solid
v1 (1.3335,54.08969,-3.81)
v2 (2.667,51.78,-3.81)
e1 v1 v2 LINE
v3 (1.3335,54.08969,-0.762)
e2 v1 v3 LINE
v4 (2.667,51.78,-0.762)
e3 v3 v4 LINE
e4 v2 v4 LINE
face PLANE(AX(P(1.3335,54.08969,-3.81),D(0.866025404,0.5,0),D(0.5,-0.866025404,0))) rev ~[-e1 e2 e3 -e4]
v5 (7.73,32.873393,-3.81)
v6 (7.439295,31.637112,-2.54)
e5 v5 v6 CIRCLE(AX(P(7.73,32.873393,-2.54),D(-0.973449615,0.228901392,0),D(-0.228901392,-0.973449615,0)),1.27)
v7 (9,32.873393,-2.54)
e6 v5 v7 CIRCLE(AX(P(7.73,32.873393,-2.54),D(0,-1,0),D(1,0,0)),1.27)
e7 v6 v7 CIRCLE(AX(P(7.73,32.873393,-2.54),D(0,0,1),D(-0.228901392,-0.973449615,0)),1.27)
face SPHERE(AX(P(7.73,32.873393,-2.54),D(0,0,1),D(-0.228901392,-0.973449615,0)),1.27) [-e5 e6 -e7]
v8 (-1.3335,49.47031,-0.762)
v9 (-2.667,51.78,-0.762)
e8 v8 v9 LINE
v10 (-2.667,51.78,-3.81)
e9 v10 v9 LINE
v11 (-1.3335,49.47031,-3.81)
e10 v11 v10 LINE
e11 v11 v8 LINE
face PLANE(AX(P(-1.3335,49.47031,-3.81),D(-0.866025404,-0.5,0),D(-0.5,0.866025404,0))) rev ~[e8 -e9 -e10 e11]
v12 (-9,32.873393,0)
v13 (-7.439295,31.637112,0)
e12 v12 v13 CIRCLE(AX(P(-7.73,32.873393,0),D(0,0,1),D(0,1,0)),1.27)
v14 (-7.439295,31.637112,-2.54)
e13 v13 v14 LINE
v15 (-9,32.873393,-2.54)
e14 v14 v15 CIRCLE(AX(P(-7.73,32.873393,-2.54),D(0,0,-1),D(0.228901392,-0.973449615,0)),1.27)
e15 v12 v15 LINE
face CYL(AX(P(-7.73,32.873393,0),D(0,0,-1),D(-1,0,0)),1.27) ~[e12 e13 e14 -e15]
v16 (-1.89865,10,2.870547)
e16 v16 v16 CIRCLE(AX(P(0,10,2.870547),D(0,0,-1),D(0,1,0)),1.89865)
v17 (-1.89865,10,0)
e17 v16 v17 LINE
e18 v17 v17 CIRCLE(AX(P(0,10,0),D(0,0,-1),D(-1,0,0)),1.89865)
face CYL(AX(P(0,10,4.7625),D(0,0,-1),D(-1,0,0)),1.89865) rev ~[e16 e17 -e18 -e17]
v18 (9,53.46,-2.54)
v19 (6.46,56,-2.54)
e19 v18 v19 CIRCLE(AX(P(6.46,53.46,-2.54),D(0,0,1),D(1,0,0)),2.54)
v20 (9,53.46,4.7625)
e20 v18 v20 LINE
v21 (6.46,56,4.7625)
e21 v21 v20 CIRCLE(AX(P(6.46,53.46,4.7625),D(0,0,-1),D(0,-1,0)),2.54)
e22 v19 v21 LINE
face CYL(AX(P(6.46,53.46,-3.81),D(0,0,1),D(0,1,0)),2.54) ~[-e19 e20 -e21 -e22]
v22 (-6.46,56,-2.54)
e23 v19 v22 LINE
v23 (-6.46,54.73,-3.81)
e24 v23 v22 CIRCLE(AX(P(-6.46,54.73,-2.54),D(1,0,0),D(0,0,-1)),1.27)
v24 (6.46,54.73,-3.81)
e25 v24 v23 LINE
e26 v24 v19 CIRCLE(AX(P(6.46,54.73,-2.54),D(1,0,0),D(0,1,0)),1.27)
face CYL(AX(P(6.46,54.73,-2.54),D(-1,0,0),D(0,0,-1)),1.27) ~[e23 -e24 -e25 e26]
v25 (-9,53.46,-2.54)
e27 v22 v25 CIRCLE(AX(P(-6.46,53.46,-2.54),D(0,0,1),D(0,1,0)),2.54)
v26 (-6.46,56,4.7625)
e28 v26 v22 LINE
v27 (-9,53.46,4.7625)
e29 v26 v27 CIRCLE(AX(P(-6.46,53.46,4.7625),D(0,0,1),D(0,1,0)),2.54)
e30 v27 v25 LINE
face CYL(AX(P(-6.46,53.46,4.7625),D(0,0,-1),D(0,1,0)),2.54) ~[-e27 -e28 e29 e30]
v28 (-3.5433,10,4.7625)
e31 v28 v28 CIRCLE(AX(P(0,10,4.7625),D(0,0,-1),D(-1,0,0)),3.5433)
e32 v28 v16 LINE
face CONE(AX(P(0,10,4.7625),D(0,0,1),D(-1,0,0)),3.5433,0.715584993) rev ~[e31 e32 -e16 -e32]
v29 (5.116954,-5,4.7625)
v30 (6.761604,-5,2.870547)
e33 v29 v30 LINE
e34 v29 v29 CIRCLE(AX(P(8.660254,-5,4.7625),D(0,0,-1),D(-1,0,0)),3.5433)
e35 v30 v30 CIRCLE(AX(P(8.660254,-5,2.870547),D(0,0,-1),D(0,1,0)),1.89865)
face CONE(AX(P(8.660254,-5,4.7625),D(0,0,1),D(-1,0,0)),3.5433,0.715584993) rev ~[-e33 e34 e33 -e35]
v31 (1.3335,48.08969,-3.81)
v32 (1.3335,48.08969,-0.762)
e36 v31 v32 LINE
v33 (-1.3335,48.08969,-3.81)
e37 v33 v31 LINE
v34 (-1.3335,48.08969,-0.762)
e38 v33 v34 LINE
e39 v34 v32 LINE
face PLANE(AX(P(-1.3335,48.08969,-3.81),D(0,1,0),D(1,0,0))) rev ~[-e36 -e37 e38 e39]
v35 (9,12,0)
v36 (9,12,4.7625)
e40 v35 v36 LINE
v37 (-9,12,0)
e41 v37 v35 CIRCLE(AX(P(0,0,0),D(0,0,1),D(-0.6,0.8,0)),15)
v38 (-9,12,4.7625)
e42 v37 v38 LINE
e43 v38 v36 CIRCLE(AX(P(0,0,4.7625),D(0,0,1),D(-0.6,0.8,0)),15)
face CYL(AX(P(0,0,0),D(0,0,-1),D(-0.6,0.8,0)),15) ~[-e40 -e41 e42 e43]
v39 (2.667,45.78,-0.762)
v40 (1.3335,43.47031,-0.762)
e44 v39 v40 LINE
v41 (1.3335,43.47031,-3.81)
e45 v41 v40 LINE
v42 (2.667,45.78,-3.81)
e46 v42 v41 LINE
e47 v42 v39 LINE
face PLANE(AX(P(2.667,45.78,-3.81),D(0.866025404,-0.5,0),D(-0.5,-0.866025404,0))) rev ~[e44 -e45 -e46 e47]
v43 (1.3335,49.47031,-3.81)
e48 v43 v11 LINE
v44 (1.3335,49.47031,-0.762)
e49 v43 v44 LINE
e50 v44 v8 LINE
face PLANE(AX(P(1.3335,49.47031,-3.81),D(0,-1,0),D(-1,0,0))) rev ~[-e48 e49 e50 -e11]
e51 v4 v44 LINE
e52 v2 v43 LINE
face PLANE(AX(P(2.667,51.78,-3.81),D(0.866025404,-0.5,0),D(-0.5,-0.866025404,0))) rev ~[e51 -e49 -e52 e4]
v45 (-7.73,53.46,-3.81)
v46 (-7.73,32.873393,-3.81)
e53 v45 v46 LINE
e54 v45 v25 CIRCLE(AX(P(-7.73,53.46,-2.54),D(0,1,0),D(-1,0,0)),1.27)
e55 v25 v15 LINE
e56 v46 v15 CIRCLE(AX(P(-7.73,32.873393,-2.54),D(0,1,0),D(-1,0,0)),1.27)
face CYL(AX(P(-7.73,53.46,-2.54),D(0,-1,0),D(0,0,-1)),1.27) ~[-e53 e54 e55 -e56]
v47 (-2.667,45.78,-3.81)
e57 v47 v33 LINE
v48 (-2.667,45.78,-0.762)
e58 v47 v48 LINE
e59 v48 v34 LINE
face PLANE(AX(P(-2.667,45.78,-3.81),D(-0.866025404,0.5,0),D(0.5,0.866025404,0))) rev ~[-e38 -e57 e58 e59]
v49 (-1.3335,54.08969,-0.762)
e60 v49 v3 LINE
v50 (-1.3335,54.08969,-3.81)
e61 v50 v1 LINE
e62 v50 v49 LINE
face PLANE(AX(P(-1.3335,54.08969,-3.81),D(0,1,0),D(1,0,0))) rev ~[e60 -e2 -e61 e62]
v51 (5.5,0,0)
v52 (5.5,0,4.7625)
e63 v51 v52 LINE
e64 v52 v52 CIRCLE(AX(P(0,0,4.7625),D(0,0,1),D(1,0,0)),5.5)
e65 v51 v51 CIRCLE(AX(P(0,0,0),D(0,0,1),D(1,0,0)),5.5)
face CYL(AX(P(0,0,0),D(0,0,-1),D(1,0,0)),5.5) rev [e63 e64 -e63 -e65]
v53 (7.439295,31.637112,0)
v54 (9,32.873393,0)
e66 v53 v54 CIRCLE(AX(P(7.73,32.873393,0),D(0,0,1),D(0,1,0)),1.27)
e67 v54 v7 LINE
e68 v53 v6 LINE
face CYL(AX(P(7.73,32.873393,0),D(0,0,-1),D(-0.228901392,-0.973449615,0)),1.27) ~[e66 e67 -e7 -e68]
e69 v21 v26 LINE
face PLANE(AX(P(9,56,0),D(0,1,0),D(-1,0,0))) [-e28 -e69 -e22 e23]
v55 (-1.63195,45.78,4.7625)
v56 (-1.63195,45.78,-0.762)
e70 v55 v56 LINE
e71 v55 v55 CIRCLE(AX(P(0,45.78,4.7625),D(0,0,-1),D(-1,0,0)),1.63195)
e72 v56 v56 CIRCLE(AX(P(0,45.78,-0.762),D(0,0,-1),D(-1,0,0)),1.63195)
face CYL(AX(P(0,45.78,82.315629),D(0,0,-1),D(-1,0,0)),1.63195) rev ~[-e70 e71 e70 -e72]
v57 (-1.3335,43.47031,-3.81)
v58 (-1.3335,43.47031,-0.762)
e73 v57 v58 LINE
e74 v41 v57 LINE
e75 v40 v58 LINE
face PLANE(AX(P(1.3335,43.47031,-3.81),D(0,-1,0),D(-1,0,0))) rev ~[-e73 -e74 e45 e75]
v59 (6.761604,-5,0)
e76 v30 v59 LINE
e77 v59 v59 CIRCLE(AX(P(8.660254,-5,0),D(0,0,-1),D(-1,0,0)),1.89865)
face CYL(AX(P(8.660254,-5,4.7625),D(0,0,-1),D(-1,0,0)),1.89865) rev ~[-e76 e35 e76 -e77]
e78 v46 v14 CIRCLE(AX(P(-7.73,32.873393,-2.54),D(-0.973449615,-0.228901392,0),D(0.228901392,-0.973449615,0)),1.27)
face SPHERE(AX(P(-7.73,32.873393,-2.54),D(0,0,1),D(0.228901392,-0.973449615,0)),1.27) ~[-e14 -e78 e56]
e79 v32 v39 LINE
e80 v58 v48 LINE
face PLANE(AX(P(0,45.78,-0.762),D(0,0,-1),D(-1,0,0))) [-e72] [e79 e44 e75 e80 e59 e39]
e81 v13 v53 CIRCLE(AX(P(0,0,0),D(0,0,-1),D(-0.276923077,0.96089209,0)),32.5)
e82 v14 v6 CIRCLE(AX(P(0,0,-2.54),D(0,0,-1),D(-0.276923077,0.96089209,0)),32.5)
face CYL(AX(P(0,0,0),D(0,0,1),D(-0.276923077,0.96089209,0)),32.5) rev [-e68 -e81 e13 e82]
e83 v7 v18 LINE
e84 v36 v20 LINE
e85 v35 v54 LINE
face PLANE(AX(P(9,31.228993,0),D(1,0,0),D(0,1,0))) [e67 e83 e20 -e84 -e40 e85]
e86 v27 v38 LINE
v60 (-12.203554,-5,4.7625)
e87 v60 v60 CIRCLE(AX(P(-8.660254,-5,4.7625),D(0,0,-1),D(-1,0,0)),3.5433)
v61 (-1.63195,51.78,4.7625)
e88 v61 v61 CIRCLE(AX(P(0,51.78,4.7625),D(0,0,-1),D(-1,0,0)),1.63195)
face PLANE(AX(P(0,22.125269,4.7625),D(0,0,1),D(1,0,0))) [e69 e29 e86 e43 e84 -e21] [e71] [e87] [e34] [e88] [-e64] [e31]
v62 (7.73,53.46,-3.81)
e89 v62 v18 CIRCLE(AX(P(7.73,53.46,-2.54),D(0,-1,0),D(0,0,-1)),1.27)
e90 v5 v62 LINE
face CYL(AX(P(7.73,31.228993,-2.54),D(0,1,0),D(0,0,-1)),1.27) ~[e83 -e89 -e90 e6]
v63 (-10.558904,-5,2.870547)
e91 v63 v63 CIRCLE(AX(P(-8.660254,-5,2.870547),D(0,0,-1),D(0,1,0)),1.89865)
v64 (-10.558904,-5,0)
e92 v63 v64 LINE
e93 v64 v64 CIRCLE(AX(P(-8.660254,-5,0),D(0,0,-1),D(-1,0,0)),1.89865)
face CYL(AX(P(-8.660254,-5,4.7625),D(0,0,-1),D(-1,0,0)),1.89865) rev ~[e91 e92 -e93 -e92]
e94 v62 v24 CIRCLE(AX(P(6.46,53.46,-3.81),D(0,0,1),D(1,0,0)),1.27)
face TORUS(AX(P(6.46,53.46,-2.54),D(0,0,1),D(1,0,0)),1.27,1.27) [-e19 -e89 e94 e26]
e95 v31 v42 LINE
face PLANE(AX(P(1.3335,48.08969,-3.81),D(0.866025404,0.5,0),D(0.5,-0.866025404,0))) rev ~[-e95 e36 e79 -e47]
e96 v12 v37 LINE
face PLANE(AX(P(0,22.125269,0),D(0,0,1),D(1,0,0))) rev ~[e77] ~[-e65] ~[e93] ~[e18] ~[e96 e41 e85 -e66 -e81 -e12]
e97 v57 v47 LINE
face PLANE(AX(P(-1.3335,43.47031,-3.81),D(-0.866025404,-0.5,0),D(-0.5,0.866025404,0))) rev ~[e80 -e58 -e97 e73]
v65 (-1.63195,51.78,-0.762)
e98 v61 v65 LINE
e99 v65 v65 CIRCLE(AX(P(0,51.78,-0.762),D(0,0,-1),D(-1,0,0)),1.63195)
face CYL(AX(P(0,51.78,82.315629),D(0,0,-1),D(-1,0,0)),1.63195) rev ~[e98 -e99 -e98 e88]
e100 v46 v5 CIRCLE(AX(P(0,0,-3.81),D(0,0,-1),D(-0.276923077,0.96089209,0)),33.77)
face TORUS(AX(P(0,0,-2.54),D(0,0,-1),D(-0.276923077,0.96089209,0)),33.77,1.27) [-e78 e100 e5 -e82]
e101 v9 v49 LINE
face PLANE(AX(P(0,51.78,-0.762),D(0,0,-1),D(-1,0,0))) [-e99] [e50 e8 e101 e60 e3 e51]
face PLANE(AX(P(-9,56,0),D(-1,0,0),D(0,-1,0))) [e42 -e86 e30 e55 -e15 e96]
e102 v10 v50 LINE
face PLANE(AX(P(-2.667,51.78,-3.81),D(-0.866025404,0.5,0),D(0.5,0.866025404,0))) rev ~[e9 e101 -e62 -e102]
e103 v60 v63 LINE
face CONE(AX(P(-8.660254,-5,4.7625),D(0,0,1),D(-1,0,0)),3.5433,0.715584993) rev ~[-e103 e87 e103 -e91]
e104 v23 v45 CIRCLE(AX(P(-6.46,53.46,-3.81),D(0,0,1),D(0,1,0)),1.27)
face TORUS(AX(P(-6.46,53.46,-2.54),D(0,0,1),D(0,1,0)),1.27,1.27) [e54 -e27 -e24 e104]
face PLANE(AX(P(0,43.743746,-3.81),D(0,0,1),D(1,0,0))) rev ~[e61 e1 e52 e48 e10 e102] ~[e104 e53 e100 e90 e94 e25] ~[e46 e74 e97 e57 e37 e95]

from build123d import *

# Parameters (mm, degrees)
SKETCH1_R                                      = 5.5
BODY_DEPTH                                     = 4.7625
HEX_NUTYFOOT_DEPTH                             = 3.81
F_4_CLEARANCE_HOLE1_D                          = 3.2639
SKETCH7_R                                      = 1.63195
HEX_NUT_RECESS_DEPTH                           = 3.048
CSK_FOR_6_FLAT_HEAD_MACHINE_SCREW1_D           = 3.7973
CSK_FOR_6_FLAT_HEAD_MACHINE_SCREW1_CSINK_D     = 7.0866
CSK_FOR_6_FLAT_HEAD_MACHINE_SCREW1_CSINK_ANGLE = 82
FILLET1_R                                      = 2.54
FILLET2_R                                      = 1.27


with BuildPart() as part:
    # Sketch1 → Body (new body)
    with BuildSketch(Plane.XY):
        with BuildLine():
            ThreePointArc((-9, 12), (0, -15), (9, 12))
            Line((9, 12), (9, 56))
            Line((9, 56), (-9, 56))
            Line((-9, 56), (-9, 12))
        make_face()
        Circle(SKETCH1_R, mode=Mode.SUBTRACT)
    extrude(amount=BODY_DEPTH)

    # Sketch1<3> → Hex NutyFoot (add)
    with BuildSketch(Plane.XY):
        with BuildLine():
            ThreePointArc((-9, 31.228992939), (0, 32.5), (9, 31.228992939))
            Line((9, 31.228992939), (9, 56))
            Line((9, 56), (-9, 56))
            Line((-9, 56), (-9, 31.228992939))
        make_face()
    extrude(amount=-HEX_NUTYFOOT_DEPTH)

    # #4 Clearance Hole1 (through all)
    with Locations(Plane(origin=(0, 45.78, 4.7625), x_dir=(1, 0, 0), z_dir=(0, 0, 1))):
        with Locations((0, 0), (0, 6)):
            Hole(F_4_CLEARANCE_HOLE1_D / 2)

    # Sketch7 → Hex Nut Recess (cut)
    # profile 1 of 2: a face of its own
    with BuildSketch(Plane(origin=(0, 0, -3.81), x_dir=(-1, 0, 0), z_dir=(0, 0, -1))):
        Polygon((2.667, 45.78), (1.3335, 48.089689752), (-1.3335, 48.089689752), (-2.667, 45.78), (-1.3335, 43.470310248), (1.3335, 43.470310248), align=None)
        with Locations((0, 45.78)):
            Circle(SKETCH7_R, mode=Mode.SUBTRACT)
    # profile 2 of 2: a face of its own
    with BuildSketch(Plane(origin=(0, 0, -3.81), x_dir=(-1, 0, 0), z_dir=(0, 0, -1))):
        Polygon((2.667, 51.78), (1.3335, 54.089689752), (-1.3335, 54.089689752), (-2.667, 51.78), (-1.3335, 49.470310248), (1.3335, 49.470310248), align=None)
        with Locations((0, 51.78)):
            Circle(SKETCH7_R, mode=Mode.SUBTRACT)
    extrude(amount=-HEX_NUT_RECESS_DEPTH, mode=Mode.SUBTRACT)

    # CSK for #6 Flat Head Machine Screw1 (through all)
    with Locations(Plane(origin=(0, 10, 4.7625), x_dir=(1, 0, 0), z_dir=(0, 0, 1))):
        with Locations((0, 0), (8.660254038, -15), (-8.660254038, -15)):
            CounterSinkHole(CSK_FOR_6_FLAT_HEAD_MACHINE_SCREW1_D / 2, CSK_FOR_6_FLAT_HEAD_MACHINE_SCREW1_CSINK_D / 2, counter_sink_angle=CSK_FOR_6_FLAT_HEAD_MACHINE_SCREW1_CSINK_ANGLE)

    # Fillet1
    fillet1_edges = [part.edges().sort_by_distance(p)[0] for p in [
        (-9, 56, 0.47625),
        (9, 56, 0.47625),
    ]]
    fillet(fillet1_edges, radius=FILLET1_R)

    # Fillet2
    fillet2_edges = [part.edges().sort_by_distance(p)[0] for p in [
        (-9, 42.34449647, -3.81),
        (-8.256051224, 55.256051224, -3.81),
        (0, 56, -3.81),
        (8.256051224, 55.256051224, -3.81),
        (-9, 31.228992939, -1.905),
        (9, 31.228992939, -1.905),
        (0, 32.5, -3.81),
        (9, 42.34449647, -3.81),
    ]]
    fillet(fillet2_edges, radius=FILLET2_R)


solid = part.part
